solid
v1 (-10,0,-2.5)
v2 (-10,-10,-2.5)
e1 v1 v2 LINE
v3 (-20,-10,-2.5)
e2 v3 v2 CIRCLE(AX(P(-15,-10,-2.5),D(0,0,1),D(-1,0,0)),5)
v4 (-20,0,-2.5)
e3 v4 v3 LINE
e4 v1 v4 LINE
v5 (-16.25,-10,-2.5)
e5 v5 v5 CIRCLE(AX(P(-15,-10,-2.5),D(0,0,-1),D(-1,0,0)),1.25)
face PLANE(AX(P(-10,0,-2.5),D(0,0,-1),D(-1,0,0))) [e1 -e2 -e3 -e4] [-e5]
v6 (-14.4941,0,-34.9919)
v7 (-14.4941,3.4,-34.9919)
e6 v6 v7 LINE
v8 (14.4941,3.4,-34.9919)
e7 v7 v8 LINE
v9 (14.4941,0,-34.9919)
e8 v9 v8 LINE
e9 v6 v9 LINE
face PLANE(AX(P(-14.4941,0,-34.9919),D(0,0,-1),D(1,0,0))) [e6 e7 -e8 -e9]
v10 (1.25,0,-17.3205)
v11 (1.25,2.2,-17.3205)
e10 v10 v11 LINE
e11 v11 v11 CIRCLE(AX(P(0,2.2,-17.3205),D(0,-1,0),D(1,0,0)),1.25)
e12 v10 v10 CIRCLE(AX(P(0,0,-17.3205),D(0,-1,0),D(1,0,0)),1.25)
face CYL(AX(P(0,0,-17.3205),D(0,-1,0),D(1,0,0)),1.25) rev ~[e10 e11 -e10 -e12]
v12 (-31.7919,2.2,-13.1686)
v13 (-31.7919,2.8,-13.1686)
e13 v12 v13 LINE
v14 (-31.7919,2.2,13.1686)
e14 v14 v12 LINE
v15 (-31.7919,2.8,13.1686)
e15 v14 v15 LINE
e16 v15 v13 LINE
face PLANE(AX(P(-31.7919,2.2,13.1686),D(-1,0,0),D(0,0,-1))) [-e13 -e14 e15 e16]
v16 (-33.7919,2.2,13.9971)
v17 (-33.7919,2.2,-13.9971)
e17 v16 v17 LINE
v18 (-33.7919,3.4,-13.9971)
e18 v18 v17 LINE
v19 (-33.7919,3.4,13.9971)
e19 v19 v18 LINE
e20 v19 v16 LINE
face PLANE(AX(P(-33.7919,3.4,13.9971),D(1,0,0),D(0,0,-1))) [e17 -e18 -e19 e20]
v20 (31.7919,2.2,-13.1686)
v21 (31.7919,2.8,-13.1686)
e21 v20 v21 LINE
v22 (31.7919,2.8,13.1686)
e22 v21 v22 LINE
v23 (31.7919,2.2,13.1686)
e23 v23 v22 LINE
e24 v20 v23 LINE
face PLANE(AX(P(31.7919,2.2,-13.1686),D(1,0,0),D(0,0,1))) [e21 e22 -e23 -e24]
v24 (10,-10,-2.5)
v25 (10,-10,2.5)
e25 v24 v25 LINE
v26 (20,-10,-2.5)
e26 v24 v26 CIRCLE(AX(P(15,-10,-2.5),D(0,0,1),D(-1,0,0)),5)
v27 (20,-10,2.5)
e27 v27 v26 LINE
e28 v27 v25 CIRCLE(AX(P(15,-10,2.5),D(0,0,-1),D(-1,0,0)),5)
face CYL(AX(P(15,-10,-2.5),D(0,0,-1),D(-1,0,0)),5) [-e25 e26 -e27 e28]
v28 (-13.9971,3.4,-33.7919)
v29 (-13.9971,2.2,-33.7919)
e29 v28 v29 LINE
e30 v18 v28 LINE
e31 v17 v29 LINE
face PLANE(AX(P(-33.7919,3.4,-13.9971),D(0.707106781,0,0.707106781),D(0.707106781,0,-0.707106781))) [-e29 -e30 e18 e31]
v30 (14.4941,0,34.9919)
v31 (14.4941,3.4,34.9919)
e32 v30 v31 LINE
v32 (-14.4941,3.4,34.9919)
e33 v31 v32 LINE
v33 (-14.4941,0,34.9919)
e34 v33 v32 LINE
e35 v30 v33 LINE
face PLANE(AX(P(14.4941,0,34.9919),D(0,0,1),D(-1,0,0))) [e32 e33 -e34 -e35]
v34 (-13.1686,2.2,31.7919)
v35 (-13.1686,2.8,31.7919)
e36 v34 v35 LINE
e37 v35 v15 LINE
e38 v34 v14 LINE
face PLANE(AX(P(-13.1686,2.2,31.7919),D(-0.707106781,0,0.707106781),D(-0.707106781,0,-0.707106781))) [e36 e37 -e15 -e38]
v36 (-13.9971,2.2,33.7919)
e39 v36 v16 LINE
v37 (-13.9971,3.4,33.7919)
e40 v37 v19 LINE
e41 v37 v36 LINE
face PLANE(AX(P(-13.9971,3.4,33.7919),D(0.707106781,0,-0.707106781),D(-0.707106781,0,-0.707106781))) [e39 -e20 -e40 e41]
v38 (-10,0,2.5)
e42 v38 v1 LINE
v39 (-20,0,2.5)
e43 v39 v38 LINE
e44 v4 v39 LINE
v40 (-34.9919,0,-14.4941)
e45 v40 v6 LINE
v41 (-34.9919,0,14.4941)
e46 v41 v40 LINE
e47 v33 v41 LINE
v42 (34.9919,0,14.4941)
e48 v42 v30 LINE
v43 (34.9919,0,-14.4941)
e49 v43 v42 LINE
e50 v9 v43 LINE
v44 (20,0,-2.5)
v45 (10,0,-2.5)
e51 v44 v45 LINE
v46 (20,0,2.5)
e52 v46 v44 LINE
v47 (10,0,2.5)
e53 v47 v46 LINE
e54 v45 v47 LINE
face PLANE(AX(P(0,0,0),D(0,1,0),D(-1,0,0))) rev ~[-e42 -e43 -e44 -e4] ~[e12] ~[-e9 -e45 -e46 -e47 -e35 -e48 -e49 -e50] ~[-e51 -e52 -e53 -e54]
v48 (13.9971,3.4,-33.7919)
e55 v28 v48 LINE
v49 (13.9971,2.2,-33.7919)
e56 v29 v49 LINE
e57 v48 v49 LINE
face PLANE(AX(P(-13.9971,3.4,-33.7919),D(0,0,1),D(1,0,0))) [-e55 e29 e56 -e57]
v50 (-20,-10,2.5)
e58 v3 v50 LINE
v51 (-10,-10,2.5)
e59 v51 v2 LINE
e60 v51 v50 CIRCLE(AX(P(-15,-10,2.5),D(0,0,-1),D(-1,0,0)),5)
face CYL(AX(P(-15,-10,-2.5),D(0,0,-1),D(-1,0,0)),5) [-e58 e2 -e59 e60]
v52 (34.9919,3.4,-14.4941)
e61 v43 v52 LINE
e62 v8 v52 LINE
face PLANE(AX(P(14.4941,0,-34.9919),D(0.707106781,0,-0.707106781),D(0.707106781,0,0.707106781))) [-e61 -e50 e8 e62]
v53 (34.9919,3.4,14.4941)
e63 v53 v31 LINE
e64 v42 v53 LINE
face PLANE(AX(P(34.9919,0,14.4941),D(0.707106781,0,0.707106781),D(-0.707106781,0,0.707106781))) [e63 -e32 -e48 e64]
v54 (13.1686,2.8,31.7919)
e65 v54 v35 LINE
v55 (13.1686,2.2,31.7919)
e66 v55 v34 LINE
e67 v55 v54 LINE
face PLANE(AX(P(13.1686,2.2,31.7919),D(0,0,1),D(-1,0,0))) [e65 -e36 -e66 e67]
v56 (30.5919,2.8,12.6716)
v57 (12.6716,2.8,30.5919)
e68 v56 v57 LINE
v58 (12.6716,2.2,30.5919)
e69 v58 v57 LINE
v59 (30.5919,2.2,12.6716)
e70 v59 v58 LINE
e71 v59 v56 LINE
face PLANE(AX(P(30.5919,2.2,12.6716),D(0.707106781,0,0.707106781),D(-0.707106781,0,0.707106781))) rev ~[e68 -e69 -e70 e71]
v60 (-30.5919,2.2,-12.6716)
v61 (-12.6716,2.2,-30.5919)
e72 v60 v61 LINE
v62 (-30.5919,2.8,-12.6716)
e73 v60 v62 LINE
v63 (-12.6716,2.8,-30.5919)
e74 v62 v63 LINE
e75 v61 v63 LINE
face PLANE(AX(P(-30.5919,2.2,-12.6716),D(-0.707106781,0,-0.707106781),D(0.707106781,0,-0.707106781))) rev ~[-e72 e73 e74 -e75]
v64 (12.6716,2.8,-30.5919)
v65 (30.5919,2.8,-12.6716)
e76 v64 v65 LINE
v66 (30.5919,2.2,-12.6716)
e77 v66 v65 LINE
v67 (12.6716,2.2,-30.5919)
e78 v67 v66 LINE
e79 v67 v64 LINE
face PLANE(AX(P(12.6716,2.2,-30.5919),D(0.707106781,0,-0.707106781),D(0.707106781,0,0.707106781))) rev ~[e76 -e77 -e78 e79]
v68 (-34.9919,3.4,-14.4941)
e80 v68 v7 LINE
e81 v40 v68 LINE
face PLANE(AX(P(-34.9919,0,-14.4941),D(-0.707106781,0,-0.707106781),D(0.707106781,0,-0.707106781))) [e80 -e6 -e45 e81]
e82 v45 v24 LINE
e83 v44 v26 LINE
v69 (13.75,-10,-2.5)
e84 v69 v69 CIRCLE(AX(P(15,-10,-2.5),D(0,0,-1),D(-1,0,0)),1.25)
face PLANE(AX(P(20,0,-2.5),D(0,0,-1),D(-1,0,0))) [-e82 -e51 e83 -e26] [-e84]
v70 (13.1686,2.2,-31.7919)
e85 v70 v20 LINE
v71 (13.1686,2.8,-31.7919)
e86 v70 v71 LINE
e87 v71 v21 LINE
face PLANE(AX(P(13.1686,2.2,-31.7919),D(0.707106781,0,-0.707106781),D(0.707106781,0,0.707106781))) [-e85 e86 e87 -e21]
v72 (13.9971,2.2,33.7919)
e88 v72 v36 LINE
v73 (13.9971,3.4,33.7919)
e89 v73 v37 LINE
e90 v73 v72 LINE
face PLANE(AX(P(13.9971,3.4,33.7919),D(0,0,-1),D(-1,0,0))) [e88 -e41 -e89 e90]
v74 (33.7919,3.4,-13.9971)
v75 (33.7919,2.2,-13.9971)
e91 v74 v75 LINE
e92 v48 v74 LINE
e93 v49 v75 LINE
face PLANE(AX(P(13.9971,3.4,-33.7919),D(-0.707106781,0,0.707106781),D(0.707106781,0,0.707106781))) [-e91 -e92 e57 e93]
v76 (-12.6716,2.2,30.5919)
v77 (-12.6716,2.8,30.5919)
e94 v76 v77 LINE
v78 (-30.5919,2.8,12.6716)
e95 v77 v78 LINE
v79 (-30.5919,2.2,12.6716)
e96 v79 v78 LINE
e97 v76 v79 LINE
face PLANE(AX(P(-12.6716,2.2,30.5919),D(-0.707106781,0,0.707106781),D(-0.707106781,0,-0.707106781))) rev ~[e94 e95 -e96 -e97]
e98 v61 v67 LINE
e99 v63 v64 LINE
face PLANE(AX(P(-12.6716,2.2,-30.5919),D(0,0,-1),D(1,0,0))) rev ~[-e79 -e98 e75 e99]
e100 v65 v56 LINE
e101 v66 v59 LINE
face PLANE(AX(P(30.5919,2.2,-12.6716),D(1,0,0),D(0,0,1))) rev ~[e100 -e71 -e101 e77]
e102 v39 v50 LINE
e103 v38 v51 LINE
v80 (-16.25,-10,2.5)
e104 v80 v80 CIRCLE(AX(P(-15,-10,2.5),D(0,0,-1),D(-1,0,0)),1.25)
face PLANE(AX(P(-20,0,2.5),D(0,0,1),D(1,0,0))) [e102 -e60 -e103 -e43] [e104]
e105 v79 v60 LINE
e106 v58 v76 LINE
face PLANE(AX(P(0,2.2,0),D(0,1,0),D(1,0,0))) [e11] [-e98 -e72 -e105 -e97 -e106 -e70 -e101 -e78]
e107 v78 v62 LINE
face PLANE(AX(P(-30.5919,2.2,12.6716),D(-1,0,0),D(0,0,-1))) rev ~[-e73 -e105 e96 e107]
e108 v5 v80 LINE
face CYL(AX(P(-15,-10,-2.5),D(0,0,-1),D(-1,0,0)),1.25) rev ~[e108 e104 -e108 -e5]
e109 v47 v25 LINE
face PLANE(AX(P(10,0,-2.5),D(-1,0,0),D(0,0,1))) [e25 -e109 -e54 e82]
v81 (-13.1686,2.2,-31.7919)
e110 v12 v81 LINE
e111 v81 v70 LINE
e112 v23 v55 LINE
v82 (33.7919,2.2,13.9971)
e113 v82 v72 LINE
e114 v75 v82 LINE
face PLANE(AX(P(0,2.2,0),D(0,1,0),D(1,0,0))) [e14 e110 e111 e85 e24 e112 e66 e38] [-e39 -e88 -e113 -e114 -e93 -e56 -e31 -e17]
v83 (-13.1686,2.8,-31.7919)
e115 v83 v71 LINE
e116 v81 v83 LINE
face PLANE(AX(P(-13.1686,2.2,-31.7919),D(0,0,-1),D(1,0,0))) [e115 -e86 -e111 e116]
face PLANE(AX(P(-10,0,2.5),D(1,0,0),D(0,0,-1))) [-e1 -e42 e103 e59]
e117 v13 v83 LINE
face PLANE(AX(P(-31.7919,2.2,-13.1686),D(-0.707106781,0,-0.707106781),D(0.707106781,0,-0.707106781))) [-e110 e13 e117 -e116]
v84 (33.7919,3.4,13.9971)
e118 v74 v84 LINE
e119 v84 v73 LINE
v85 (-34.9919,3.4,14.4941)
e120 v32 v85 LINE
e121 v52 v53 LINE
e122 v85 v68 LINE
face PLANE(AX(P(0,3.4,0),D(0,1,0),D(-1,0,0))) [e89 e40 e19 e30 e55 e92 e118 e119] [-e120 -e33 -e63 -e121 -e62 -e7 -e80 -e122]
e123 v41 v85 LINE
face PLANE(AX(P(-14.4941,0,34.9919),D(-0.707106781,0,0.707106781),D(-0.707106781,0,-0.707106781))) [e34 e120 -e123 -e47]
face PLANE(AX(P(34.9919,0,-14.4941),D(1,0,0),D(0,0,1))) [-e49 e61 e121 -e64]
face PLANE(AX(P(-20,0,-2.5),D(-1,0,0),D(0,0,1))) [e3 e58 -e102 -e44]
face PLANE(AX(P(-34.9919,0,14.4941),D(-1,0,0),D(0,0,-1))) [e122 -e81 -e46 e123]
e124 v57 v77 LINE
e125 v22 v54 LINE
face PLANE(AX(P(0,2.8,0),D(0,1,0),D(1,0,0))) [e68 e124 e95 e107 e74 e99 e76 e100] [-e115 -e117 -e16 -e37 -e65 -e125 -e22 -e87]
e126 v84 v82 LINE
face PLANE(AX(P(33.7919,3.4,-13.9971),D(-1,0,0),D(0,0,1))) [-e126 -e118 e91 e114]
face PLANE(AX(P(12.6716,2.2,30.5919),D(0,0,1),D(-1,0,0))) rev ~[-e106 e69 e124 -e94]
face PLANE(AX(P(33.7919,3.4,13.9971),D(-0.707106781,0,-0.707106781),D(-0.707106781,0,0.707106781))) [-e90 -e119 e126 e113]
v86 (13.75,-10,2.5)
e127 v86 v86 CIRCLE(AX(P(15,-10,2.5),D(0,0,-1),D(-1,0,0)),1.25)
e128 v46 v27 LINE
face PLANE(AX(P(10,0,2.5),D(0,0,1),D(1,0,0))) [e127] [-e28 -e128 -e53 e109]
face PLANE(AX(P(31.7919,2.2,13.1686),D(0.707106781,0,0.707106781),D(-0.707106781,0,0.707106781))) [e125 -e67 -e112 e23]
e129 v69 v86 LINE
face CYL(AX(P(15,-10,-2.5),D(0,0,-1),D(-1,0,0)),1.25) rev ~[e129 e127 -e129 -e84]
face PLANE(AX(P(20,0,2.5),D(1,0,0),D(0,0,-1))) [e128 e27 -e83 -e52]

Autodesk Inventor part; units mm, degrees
ref_plane "YZ Plane" through (0, 0, 0) normal (1, 0, 0) x (0, 1, 0)
ref_plane "XZ Plane" through (0, 0, 0) normal (0, 1, 0) x (-1, 0, 0)
ref_plane "XY Plane" through (0, 0, 0) normal (0, 0, 1) x (1, 0, 0)
sketch "스케치3" plane through (0, 0, 0) normal (0, 1, 0) x (-1, 0, 0)
  line L0 (34.9919, -14.4941) -> (14.4941, -34.9919)
  line L1 (14.4941, -34.9919) -> (-14.4941, -34.9919)
  line L2 (-14.4941, -34.9919) -> (-34.9919, -14.4941)
  line L3 (-34.9919, -14.4941) -> (-34.9919, 14.4941)
  line L4 (-34.9919, 14.4941) -> (-14.4941, 34.9919)
  line L5 (-14.4941, 34.9919) -> (14.4941, 34.9919)
  line L6 (14.4941, 34.9919) -> (34.9919, 14.4941)
  line L7 (34.9919, 14.4941) -> (34.9919, -14.4941)
  line L8 (32.5919, -13.5) -> (13.5, -32.5919)
  line L9 (13.5, -32.5919) -> (-13.5, -32.5919)
  line L10 (-13.5, -32.5919) -> (-32.5919, -13.5)
  line L11 (-32.5919, -13.5) -> (-32.5919, 13.5)
  line L12 (-32.5919, 13.5) -> (-13.5, 32.5919)
  line L13 (-13.5, 32.5919) -> (13.5, 32.5919)
  line L14 (13.5, 32.5919) -> (32.5919, 13.5)
  line L15 (32.5919, 13.5) -> (32.5919, -13.5)
  point P0 (0, 0)
  point P1 (0, 0)
  point P2 (0, 0)
  point P3 (0, 0)
  dimension "d43" = 27
  dimension "d44" = 2.4
extrude "돌출2" add sketch "스케치3" along normal blind 3.4 contours L0 L1 L2 L3 L4 L5 L6 L7 | L8 L9 L10 L11 L12 L13 L14 L15
sketch "스케치4" plane through (0, 3.4, 0) normal (0, 1, 0) x (1, 0, 0)
  line L0 (13.5, -32.5919) -> (-13.5, -32.5919)
  line L1 (-13.5, -32.5919) -> (-32.5919, -13.5)
  line L2 (-32.5919, -13.5) -> (-32.5919, 13.5)
  line L3 (-32.5919, 13.5) -> (-13.5, 32.5919)
  line L4 (-13.5, 32.5919) -> (13.5, 32.5919)
  line L5 (13.5, 32.5919) -> (32.5919, 13.5)
  line L6 (32.5919, 13.5) -> (32.5919, -13.5)
  line L7 (32.5919, -13.5) -> (13.5, -32.5919)
  line L8 (-13.9971, 33.7919) -> (13.9971, 33.7919)
  line L9 (13.9971, 33.7919) -> (33.7919, 13.9971)
  line L10 (33.7919, 13.9971) -> (33.7919, -13.9971)
  line L11 (33.7919, -13.9971) -> (13.9971, -33.7919)
  line L12 (13.9971, -33.7919) -> (-13.9971, -33.7919)
  line L13 (-13.9971, -33.7919) -> (-33.7919, -13.9971)
  line L14 (-33.7919, -13.9971) -> (-33.7919, 13.9971)
  line L15 (-33.7919, 13.9971) -> (-13.9971, 33.7919)
  line L16 (-13.1686, 31.7919) -> (13.1686, 31.7919)
  line L17 (13.1686, 31.7919) -> (31.7919, 13.1686)
  line L18 (31.7919, 13.1686) -> (31.7919, -13.1686)
  line L19 (31.7919, -13.1686) -> (13.1686, -31.7919)
  line L20 (13.1686, -31.7919) -> (-13.1686, -31.7919)
  line L21 (-13.1686, -31.7919) -> (-31.7919, -13.1686)
  line L22 (-31.7919, -13.1686) -> (-31.7919, 13.1686)
  line L23 (-31.7919, 13.1686) -> (-13.1686, 31.7919)
  point P0 (0, 0)
  point P1 (0, 0)
  point P2 (0, 0)
  point P3 (0, 0)
  dimension "d7" = 27
  dimension "d42" = 1.2
  dimension "d45" = 0.8
extrude "돌출3" cut sketch "스케치4" against normal blind 1.2 contours L0 L1 L2 L3 L4 L5 L6 L7 | L8 L9 L10 L11 L12 L13 L14 L15 | L16 L17 L18 L19 L20 L21 L22 L23
sketch "스케치5" plane through (0, 0, 0) normal (0, -1, 0) x (1, 0, 0)
  line L0 (10, 2.5) -> (20, 2.5)
  line L1 (20, 2.5) -> (20, -2.5)
  line L2 (20, -2.5) -> (10, -2.5)
  line L3 (10, -2.5) -> (10, 2.5)
  line L4 (10, 2.5) -> (20, -2.5) construction
  line L5 (20, 2.5) -> (10, -2.5) construction
  line L6 (-20, 2.5) -> (-10, 2.5)
  line L7 (-10, 2.5) -> (-10, -2.5)
  line L8 (-10, -2.5) -> (-20, -2.5)
  line L9 (-20, -2.5) -> (-20, 2.5)
  line L10 (-20, 2.5) -> (-10, -2.5) construction
  line L11 (-10, 2.5) -> (-20, -2.5) construction
  point P0 (0, 0)
  point P1 (15, 0)
  point P2 (-15, 0)
  dimension "d11" = 10
  dimension "d12" = 5
  dimension "d13" = 10
  dimension "d16" = 30
extrude "돌출4" add sketch "스케치5" along normal blind 10
sketch "스케치6" plane through (-10, 0, -2.5) normal (0, 0, -1) x (-1, 0, 0)
  circle A0 centre (5, -10) radius 5
  circle A1 centre (-25, -10) radius 5
  line L0 (-20, -10) -> (-30, -10) projected
  line L1 (10, -10) -> (0, -10) projected
  point P0 (-10, 0)
  dimension "d23" = 10
  dimension "d24" = 10
extrude "돌출5" add sketch "스케치6" against normal blind 5
sketch "스케치7" plane through (-10, 0, -2.5) normal (0, 0, -1) x (-1, 0, 0)
  circle A0 centre (5, -10) radius 1.25
  line L0 (10, 0) -> (10, -10) projected
  line L1 (0, 0) -> (10, 0) projected
  line L2 (4.7788, 0) -> (0, 0)
  circle A1 centre (-25, -10) radius 1.25
  point P0 (-10, 0)
  dimension "d27" = 2.5
  dimension "d28" = 5
  dimension "d31" = 30
extrude "돌출6" cut sketch "스케치7" against normal blind 5
sketch "스케치8" plane through (0, 0, 0) normal (0, -1, 0) x (1, 0, 0)
  circle A0 centre (0, -17.3205) radius 1.25
  line L0 (-10, 2.5) -> (-10, -2.5) projected
  point P0 (0, 0)
  point P1 (-10, 0)
  dimension "d38" = 2.5
  dimension "d39" = 17.3205
extrude "돌출7" cut sketch "스케치8" against normal blind 5
sketch "스케치9" plane through (0, 2.2, 0) normal (0, 1, 0) x (1, 0, 0)
  line L0 (-13.1686, 31.7919) -> (13.1686, 31.7919)
  line L1 (13.1686, 31.7919) -> (31.7919, 13.1686)
  line L2 (31.7919, 13.1686) -> (31.7919, -13.1686)
  line L3 (31.7919, -13.1686) -> (13.1686, -31.7919)
  line L4 (13.1686, -31.7919) -> (-13.1686, -31.7919)
  line L5 (-13.1686, -31.7919) -> (-31.7919, -13.1686)
  line L6 (-31.7919, -13.1686) -> (-31.7919, 13.1686)
  line L7 (-31.7919, 13.1686) -> (-13.1686, 31.7919)
  line L8 (-13.9971, 33.7919) -> (13.9971, 33.7919) projected
  line L9 (-12.6716, 30.5919) -> (12.6716, 30.5919)
  line L10 (12.6716, 30.5919) -> (30.5919, 12.6716)
  line L11 (30.5919, 12.6716) -> (30.5919, -12.6716)
  line L12 (30.5919, -12.6716) -> (12.6716, -30.5919)
  line L13 (12.6716, -30.5919) -> (-12.6716, -30.5919)
  line L14 (-12.6716, -30.5919) -> (-30.5919, -12.6716)
  line L15 (-30.5919, -12.6716) -> (-30.5919, 12.6716)
  line L16 (-30.5919, 12.6716) -> (-12.6716, 30.5919)
  point P0 (0, 0)
  point P1 (0, 0)
  point P2 (0, 0)
  dimension "d46" = 2
  dimension "d47" = 1.2
extrude "돌출8" add sketch "스케치9" along normal blind 0.6
properties part number "팔각형 OV-PAM 5패턴 상단 - 틈 너비 수정"
